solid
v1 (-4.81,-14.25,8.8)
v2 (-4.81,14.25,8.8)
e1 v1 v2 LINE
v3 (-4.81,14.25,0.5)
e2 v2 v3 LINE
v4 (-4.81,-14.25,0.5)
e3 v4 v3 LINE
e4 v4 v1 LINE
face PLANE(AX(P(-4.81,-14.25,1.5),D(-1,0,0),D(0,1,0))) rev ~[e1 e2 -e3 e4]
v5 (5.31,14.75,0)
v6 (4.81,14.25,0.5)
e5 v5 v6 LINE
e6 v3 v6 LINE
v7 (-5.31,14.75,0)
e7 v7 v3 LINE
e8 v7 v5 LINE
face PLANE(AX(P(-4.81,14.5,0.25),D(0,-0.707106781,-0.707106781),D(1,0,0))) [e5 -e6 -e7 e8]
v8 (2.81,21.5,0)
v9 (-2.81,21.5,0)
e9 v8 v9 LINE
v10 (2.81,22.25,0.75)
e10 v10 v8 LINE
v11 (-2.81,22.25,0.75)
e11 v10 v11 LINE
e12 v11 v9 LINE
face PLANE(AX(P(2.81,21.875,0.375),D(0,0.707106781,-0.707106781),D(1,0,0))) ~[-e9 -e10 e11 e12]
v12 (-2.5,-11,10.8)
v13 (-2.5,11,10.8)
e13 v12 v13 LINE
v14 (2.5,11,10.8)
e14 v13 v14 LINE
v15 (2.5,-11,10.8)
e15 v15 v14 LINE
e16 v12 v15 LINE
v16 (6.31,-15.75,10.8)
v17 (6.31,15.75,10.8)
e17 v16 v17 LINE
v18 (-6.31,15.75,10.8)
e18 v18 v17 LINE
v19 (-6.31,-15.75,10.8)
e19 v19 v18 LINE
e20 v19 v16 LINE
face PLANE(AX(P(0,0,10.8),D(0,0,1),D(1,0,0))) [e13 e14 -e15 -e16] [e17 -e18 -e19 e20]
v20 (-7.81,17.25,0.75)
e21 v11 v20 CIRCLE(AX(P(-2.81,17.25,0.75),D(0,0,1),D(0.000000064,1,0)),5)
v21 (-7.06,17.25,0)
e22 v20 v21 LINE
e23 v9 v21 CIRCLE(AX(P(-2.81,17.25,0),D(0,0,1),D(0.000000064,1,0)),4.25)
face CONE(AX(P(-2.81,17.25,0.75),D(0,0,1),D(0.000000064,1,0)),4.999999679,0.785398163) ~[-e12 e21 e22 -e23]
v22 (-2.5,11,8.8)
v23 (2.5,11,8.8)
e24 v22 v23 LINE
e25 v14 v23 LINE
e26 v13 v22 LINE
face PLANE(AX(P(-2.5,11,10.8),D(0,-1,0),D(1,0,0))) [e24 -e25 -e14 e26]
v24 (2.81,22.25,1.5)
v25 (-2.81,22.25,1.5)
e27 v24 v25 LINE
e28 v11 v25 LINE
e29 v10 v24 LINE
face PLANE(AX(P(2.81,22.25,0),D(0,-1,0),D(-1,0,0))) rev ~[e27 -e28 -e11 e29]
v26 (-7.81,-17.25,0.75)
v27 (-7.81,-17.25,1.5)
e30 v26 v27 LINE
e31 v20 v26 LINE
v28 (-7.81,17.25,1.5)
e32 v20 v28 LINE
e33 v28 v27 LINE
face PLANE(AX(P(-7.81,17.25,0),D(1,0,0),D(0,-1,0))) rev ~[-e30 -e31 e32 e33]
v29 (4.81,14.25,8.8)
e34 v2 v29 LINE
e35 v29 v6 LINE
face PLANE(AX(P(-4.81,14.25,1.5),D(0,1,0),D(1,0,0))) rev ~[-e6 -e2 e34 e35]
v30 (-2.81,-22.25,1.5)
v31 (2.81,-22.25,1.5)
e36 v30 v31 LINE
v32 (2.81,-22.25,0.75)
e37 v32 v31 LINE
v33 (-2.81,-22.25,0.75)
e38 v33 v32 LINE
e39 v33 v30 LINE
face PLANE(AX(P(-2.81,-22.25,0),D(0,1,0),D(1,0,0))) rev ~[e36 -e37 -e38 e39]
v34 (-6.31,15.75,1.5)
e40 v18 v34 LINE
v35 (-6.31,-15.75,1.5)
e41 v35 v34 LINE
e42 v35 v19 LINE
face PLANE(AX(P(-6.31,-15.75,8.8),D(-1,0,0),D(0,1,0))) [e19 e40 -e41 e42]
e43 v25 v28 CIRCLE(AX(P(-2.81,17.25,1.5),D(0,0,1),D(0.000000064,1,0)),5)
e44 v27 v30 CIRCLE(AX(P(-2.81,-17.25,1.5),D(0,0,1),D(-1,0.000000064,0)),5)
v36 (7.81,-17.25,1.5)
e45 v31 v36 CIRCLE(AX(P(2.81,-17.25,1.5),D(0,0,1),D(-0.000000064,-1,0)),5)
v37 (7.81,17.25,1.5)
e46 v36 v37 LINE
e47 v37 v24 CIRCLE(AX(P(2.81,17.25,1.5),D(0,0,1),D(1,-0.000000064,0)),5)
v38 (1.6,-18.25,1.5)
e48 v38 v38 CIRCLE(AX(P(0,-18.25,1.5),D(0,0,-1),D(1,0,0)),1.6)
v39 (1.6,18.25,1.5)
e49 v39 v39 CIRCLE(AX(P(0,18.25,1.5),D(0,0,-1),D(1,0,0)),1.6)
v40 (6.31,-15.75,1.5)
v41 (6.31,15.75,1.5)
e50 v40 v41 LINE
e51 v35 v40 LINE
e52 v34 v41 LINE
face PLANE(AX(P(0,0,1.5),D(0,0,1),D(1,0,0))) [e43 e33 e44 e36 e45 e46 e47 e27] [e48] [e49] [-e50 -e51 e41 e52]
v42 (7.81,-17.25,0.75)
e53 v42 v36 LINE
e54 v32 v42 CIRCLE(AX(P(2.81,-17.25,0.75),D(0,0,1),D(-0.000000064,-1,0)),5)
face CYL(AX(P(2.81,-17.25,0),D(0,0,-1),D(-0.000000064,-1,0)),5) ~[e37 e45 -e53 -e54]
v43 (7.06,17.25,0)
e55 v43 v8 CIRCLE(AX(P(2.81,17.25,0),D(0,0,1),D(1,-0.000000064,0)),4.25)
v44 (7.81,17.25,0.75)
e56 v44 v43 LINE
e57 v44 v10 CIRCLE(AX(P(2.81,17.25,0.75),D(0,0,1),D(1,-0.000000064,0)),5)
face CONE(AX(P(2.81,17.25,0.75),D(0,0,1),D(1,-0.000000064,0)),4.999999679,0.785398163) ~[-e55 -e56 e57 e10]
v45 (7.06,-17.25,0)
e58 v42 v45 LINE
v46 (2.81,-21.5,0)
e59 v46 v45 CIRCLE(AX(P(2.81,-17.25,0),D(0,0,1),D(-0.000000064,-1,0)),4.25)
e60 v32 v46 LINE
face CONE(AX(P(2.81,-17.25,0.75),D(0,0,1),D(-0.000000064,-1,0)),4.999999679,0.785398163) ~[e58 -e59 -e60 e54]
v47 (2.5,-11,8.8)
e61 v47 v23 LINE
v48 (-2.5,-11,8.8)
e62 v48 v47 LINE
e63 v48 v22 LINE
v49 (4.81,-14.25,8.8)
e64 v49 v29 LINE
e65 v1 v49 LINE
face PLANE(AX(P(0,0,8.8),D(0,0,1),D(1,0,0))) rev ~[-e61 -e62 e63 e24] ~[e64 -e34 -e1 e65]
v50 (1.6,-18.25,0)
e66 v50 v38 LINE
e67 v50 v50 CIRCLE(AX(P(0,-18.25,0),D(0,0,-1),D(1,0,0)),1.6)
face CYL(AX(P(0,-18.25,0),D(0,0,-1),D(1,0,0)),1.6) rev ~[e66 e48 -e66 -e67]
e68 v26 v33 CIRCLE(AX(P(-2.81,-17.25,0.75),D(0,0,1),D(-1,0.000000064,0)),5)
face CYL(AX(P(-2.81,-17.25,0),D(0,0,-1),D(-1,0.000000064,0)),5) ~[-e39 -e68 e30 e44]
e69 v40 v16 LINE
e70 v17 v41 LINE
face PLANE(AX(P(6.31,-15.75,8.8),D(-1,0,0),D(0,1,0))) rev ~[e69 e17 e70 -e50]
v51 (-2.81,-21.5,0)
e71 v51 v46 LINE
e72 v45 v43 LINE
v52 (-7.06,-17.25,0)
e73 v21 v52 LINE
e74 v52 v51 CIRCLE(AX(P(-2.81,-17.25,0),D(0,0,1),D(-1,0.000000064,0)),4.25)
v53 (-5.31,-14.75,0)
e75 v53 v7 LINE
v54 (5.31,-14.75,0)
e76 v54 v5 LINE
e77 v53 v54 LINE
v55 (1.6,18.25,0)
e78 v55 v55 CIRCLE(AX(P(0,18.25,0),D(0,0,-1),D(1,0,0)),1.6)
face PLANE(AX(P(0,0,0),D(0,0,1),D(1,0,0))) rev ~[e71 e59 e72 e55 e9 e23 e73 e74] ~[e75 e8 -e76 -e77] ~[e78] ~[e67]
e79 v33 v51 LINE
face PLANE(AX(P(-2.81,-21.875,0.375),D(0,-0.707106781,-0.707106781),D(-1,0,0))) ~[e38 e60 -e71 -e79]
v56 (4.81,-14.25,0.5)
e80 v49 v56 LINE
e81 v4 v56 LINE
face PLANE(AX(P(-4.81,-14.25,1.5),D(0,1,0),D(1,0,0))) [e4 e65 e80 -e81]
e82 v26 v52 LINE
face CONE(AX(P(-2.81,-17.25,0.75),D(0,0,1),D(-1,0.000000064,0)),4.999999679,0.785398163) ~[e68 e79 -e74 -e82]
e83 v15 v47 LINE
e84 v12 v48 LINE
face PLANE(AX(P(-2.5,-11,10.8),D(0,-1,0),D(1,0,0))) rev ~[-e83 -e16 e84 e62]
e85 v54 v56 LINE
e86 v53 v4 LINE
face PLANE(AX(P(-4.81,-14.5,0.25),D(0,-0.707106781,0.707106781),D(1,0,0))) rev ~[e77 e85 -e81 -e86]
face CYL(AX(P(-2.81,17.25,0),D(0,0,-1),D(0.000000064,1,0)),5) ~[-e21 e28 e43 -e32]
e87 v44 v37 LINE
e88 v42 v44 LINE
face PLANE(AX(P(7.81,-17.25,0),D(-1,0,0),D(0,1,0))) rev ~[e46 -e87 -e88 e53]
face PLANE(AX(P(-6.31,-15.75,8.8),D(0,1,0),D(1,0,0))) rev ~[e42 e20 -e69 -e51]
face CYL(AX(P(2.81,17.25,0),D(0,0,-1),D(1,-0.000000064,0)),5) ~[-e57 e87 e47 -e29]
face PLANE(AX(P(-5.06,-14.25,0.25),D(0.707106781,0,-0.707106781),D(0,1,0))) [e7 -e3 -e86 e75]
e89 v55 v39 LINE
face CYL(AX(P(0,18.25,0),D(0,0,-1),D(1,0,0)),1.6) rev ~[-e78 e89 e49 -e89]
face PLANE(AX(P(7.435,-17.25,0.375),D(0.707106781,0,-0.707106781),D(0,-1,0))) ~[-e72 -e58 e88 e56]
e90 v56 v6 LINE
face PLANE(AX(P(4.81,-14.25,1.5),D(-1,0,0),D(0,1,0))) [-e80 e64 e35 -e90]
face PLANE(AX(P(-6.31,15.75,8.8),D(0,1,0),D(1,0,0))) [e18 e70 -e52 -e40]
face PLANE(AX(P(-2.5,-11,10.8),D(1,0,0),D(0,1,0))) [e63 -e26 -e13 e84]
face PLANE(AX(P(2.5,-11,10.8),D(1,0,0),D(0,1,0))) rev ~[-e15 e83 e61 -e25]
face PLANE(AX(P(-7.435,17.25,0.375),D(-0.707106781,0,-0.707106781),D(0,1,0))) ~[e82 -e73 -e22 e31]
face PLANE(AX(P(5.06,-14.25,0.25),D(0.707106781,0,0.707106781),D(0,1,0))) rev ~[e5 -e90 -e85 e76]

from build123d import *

# Parameters (mm, degrees)
F0_W     = 9.62
F0_H     = 28.5
F1_DEPTH = 1.5
F2_W     = 12.62
F2_H     = 31.5
F2_W_2   = 9.62
F2_H_2   = 28.5
F3_DEPTH = 7.3
F4_W     = 12.62
F4_H     = 31.5
F5_DEPTH = 2
F6_W     = 5
F6_H     = 22
F7_DEPTH = 25
F8_R     = 1.6
F9_DEPTH = 25
F10_SIZE = 0.75
F11_SIZE = 0.5


with BuildPart() as f1:
    # F0 (on Top) → F1 (new body)
    with BuildSketch(Plane.XY):
        with BuildLine():
            Line((2.81, 22.25), (-2.81, 22.25))
            ThreePointArc((-2.81, 22.25), (-6.345534, 20.785534), (-7.81, 17.25))
            Line((-7.81, 17.25), (-7.81, -17.25))
            ThreePointArc((-7.81, -17.25), (-6.345534, -20.785534), (-2.81, -22.25))
            Line((-2.81, -22.25), (2.81, -22.25))
            ThreePointArc((2.81, -22.25), (6.345534, -20.785534), (7.81, -17.25))
            Line((7.81, -17.25), (7.81, 17.25))
            ThreePointArc((7.81, 17.25), (6.345534, 20.785534), (2.81, 22.25))
        make_face()
        Rectangle(F0_W, F0_H, mode=Mode.SUBTRACT)
    extrude(amount=F1_DEPTH)

    # F2 (on face) → F3 (join)
    with BuildSketch(Plane.XY.offset(1.5)):
        Rectangle(F2_W, F2_H)
        Rectangle(F2_W_2, F2_H_2, mode=Mode.SUBTRACT)
    extrude(amount=F3_DEPTH)

    # F4 (on face) → F5 (join)
    with BuildSketch(Plane.XY.offset(8.8)):
        Rectangle(F4_W, F4_H)
    extrude(amount=F5_DEPTH)

    # F6 (on face) → F7 (cut)
    with BuildSketch(Plane.XY.offset(10.8)):
        Rectangle(F6_W, F6_H)
    extrude(amount=-F7_DEPTH, mode=Mode.SUBTRACT)

    # F8 (on face) → F9 (cut)
    with BuildSketch(Plane(origin=(0, 0, 0), x_dir=(1, 0, 0), z_dir=(0, 0, -1))):
        with Locations((0, 18.25)):
            Circle(F8_R)
        with Locations((0, -18.25)):
            Circle(F8_R)
    extrude(amount=-F9_DEPTH, mode=Mode.SUBTRACT)

    # F10
    f10_edges = [f1.edges().sort_by_distance(p)[0] for p in [
        (7.81, 0, 0),
    ]]
    chamfer(f10_edges, length=F10_SIZE)

    # F11
    f11_edges = [f1.edges().sort_by_distance(p)[0] for p in [
        (0, -14.25, 0),
        (4.81, 0, 0),
        (-4.81, 0, 0),
        (0, 14.25, 0),
    ]]
    chamfer(f11_edges, length=F11_SIZE)


solid = f1.part
